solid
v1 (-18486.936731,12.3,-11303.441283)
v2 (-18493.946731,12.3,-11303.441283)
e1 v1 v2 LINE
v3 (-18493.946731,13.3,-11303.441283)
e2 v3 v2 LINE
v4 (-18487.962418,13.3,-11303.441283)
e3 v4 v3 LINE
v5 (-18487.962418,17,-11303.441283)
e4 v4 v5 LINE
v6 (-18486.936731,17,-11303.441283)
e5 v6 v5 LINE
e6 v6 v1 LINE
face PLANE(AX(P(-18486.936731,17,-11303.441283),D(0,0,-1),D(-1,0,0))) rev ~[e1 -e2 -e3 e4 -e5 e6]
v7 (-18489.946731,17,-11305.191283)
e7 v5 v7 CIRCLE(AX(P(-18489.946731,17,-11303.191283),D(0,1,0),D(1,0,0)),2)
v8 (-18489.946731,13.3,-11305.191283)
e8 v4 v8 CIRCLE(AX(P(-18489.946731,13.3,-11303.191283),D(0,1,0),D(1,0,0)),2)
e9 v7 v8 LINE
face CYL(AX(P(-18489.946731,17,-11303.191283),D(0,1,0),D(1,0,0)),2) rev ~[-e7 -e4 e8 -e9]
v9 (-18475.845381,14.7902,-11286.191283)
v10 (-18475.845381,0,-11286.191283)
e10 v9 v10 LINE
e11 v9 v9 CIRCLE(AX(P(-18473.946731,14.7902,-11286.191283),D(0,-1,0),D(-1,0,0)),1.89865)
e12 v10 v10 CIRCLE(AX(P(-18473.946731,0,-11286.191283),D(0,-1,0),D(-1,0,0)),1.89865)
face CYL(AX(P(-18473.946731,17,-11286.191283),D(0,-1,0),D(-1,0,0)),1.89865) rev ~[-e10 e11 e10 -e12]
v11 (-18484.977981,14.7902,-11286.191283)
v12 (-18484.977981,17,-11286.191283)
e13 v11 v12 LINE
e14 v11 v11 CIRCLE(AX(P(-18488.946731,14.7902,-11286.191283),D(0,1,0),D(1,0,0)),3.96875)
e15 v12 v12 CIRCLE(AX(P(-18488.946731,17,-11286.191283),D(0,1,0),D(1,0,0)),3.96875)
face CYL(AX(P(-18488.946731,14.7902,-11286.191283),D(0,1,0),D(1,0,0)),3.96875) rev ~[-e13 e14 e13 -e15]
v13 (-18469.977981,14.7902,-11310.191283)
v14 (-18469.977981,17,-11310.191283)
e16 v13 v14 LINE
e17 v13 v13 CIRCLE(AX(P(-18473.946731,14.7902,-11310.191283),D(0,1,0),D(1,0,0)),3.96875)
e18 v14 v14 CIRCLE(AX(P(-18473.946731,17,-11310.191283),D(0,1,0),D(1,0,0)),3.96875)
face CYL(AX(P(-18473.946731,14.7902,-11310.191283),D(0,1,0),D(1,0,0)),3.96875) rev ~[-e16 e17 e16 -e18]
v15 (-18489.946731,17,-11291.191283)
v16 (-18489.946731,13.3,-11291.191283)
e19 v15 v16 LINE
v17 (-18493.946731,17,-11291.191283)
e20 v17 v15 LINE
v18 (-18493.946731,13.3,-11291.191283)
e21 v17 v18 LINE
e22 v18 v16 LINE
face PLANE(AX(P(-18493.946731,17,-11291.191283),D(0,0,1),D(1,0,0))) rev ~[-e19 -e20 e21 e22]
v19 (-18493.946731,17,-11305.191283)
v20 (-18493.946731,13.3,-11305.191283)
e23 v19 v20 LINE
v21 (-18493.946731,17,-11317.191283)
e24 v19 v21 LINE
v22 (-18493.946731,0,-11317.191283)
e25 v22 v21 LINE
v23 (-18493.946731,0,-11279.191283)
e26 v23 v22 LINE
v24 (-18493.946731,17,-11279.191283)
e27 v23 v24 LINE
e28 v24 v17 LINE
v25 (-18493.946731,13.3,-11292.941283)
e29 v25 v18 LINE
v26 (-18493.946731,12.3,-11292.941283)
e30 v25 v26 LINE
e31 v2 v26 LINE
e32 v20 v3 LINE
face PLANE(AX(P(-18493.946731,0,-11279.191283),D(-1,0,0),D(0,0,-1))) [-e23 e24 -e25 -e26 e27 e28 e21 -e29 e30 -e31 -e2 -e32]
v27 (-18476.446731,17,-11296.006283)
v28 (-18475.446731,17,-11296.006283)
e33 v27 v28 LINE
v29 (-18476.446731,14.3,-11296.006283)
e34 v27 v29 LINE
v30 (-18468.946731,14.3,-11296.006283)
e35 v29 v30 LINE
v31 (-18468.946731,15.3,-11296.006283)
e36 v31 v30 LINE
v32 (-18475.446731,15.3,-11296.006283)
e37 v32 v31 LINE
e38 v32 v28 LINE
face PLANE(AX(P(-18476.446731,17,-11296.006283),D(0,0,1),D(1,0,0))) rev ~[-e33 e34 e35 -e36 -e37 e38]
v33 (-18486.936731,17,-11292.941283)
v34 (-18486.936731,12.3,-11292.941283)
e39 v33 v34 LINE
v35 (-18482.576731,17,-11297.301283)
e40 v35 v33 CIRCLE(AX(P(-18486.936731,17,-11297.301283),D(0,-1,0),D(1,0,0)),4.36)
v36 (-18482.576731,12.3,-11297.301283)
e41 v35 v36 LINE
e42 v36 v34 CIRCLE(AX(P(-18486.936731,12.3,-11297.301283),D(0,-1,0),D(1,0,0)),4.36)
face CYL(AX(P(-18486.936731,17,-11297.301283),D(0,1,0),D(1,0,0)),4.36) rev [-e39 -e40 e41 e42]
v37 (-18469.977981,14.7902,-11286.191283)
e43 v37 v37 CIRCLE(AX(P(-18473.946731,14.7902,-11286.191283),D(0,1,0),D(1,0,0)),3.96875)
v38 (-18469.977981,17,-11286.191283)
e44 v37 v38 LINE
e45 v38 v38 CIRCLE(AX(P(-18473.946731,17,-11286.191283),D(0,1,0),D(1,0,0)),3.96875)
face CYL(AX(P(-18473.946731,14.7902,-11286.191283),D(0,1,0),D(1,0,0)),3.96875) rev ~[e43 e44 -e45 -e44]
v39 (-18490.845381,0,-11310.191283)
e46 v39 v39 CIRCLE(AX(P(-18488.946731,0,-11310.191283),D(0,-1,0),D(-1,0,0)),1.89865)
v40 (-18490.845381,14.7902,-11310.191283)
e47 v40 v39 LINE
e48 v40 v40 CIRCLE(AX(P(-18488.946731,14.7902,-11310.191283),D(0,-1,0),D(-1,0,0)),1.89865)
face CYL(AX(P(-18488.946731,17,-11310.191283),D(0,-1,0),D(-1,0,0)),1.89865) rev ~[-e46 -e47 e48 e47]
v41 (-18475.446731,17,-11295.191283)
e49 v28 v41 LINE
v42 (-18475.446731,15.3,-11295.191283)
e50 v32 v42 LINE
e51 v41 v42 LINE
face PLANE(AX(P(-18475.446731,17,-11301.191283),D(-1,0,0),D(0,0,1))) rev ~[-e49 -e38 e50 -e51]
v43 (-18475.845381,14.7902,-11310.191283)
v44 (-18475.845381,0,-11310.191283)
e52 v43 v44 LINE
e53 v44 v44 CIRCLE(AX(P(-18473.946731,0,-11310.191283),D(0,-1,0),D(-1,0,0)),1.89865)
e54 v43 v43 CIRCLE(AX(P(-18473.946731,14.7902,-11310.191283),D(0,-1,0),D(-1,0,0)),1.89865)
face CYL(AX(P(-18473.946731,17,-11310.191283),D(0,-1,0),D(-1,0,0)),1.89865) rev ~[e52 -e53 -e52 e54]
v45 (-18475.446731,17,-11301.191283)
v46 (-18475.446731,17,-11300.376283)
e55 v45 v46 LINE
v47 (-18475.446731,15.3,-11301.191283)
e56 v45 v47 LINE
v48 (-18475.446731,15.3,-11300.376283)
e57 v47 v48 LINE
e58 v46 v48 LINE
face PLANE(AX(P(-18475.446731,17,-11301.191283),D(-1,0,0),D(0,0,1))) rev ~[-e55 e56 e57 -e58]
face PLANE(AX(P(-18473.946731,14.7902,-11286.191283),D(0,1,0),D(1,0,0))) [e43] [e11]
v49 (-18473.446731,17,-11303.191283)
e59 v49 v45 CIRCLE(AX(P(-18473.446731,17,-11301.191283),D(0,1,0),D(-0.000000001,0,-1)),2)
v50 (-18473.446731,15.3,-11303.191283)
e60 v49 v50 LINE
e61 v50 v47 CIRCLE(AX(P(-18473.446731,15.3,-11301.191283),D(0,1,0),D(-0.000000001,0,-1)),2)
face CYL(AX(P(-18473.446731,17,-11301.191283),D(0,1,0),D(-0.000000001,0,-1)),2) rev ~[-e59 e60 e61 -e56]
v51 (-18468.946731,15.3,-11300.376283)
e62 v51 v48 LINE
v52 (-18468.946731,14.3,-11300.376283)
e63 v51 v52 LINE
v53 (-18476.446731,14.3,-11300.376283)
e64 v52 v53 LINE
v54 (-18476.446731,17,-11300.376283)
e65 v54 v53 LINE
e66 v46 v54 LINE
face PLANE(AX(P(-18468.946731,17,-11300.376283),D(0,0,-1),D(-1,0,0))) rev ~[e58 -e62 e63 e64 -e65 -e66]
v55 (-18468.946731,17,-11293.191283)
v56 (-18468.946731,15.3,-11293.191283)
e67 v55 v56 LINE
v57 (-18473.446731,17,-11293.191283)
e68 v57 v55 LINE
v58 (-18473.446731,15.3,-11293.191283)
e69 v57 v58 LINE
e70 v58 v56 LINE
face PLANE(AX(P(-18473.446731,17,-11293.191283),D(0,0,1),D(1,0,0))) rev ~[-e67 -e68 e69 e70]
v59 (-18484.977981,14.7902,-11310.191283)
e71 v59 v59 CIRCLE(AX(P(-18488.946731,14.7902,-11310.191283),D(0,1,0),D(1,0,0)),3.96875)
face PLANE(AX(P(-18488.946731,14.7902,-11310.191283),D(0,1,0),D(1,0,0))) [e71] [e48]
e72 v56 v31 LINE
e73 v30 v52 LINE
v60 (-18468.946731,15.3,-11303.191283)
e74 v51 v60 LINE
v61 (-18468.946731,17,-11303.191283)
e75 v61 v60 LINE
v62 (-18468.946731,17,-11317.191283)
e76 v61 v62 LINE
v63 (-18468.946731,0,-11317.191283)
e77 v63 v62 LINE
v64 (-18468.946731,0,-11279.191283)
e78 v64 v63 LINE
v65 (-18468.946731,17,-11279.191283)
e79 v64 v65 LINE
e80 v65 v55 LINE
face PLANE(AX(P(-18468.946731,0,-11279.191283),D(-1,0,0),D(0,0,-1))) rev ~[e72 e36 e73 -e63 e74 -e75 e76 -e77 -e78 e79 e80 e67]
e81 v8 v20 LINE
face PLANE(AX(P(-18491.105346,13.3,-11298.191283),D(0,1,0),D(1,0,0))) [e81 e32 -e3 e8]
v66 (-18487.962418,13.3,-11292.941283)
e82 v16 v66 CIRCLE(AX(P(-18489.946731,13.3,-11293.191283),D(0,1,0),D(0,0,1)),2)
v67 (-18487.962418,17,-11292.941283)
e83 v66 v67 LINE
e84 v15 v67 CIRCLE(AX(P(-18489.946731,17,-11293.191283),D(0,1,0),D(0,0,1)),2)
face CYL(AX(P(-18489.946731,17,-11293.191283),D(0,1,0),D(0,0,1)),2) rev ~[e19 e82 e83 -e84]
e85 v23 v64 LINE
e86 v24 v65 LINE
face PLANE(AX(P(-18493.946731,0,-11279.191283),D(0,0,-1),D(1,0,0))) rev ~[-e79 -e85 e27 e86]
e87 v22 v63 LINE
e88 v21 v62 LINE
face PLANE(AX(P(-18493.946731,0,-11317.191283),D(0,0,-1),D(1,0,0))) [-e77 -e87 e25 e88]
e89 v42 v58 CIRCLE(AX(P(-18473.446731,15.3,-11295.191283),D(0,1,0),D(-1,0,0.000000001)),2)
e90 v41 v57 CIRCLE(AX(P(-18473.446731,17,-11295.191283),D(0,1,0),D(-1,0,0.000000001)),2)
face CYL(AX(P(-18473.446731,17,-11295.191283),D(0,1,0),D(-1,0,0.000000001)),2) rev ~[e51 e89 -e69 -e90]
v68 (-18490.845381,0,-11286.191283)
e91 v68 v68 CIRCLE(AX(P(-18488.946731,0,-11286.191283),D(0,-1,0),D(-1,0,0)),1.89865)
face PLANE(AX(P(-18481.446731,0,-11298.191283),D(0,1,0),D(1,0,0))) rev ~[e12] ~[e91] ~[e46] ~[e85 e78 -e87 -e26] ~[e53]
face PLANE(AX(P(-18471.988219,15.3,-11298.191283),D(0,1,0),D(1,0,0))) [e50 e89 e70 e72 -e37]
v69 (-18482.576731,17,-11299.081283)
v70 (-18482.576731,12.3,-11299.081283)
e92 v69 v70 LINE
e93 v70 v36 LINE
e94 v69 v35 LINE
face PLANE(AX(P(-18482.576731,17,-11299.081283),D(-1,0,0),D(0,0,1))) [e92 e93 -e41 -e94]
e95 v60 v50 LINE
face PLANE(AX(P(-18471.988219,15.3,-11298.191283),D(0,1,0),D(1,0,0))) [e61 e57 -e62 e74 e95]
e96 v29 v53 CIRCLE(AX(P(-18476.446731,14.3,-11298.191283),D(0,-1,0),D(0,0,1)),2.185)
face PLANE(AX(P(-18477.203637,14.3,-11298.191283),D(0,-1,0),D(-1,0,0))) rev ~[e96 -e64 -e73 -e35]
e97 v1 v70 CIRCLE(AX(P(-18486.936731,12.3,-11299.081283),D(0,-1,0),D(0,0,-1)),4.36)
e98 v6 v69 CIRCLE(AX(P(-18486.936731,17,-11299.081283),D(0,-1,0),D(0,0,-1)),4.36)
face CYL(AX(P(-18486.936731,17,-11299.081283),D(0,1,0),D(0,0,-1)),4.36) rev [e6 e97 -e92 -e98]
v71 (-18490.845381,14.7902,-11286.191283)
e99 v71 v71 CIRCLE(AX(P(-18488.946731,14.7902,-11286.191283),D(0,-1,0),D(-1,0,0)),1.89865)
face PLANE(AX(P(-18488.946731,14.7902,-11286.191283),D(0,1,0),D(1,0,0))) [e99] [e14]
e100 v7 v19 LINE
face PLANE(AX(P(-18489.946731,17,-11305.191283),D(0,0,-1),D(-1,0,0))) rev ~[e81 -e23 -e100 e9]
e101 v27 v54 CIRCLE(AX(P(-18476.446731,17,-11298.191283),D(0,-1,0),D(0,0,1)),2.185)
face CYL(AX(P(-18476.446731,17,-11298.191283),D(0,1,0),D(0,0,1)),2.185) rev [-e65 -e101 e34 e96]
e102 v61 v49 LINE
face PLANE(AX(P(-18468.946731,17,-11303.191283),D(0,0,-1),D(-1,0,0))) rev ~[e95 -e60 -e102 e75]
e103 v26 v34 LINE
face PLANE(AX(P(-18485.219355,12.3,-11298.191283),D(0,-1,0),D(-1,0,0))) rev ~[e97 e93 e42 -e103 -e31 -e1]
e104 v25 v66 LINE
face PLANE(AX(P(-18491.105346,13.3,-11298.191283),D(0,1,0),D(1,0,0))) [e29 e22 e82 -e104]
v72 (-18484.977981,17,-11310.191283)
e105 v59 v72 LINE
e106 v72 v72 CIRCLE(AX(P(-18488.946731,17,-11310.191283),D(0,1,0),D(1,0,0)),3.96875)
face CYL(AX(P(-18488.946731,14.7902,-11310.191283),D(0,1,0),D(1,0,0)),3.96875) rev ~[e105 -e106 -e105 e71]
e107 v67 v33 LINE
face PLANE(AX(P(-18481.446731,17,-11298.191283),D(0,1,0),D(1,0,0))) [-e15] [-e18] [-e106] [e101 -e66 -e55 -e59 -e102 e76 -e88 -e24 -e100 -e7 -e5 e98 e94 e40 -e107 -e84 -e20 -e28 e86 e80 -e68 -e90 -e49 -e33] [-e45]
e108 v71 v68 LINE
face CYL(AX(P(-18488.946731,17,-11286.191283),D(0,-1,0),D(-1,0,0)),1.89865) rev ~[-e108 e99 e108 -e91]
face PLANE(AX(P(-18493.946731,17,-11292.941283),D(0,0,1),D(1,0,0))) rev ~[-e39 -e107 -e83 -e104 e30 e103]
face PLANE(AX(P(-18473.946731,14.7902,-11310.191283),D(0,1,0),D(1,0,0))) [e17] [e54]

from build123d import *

# Parameters (mm, degrees)
SKETCH1_W                                           = 25
SKETCH1_H                                           = 38
BOSS_EXTRUDE1_DEPTH                                 = 17
CUT_EXTRUDE3_DEPTH                                  = 3.7
CUT_EXTRUDE4_DEPTH                                  = 1.7
CBORE_FOR_6_BINDING_HEAD_MACHINE_SCREW1_D           = 3.7973
CBORE_FOR_6_BINDING_HEAD_MACHINE_SCREW1_CBORE_D     = 7.9375
CBORE_FOR_6_BINDING_HEAD_MACHINE_SCREW1_CBORE_DEPTH = 2.2098
SKETCH12_W                                          = 1
SKETCH12_H                                          = 4.37
SKETCH12_W_2                                        = 6.5
CUT_EXTRUDE5_DEPTH                                  = 2.7
CUT_EXTRUDE6_DEPTH                                  = 4.7


with BuildPart() as part:
    # Sketch1 → Boss-Extrude1 (new body)
    with BuildSketch(Plane(origin=(0, 0, 0), x_dir=(1, 0, 0), z_dir=(0, 1, 0))):
        with Locations((-18481.446731235, 11298.191283293)):
            Rectangle(SKETCH1_W, SKETCH1_H)
    extrude(amount=BOSS_EXTRUDE1_DEPTH)

    # Sketch2 → Cut-Extrude3 (cut)
    with BuildSketch(Plane(origin=(0, 17, 0), x_dir=(1, 0, 0), z_dir=(0, 1, 0))):
        with BuildLine():
            Line((-18493.946731235, 11291.191283293), (-18489.946731235, 11291.191283293))
            ThreePointArc((-18489.946731235, 11291.191283293), (-18488.532517672, 11291.777069731), (-18487.946731235, 11293.191283293))
            Line((-18487.946731235, 11293.191283293), (-18487.946731235, 11303.191283293))
            ThreePointArc((-18487.946731235, 11303.191283293), (-18488.532517672, 11304.605496855), (-18489.946731235, 11305.191283293))
            Line((-18489.946731235, 11305.191283293), (-18493.946731235, 11305.191283293))
            Line((-18493.946731235, 11305.191283293), (-18493.946731235, 11291.191283293))
        make_face()
    extrude(amount=-CUT_EXTRUDE3_DEPTH, mode=Mode.SUBTRACT)

    # Sketch2<6> → Cut-Extrude4 (cut)
    with BuildSketch(Plane(origin=(0, 17, 0), x_dir=(1, 0, 0), z_dir=(0, 1, 0))):
        with BuildLine():
            Line((-18475.446731235, 11301.191283293), (-18475.446731235, 11295.191283293))
            ThreePointArc((-18475.446731235, 11295.191283293), (-18474.860944797, 11293.777069731), (-18473.446731235, 11293.191283293))
            Line((-18473.446731235, 11293.191283293), (-18468.946731235, 11293.191283293))
            Line((-18468.946731235, 11293.191283293), (-18468.946731235, 11303.191283293))
            Line((-18468.946731235, 11303.191283293), (-18473.446731235, 11303.191283293))
            ThreePointArc((-18473.446731235, 11303.191283293), (-18474.860944797, 11302.605496855), (-18475.446731235, 11301.191283293))
        make_face()
    extrude(amount=-CUT_EXTRUDE4_DEPTH, mode=Mode.SUBTRACT)

    # CBORE for #6 Binding Head Machine Screw1 (through all)
    with Locations(Plane(origin=(0, 17, 0), x_dir=(1, 0, 0), z_dir=(0, 1, 0))):
        with Locations((-18488.946731235, 11310.191283293), (-18473.946731235, 11310.191283293), (-18473.946731235, 11286.191283293), (-18488.946731235, 11286.191283293)):
            CounterBoreHole(CBORE_FOR_6_BINDING_HEAD_MACHINE_SCREW1_D / 2, CBORE_FOR_6_BINDING_HEAD_MACHINE_SCREW1_CBORE_D / 2, CBORE_FOR_6_BINDING_HEAD_MACHINE_SCREW1_CBORE_DEPTH)

    # Sketch12 → Cut-Extrude5 (cut)
    with BuildSketch(Plane(origin=(0, 17, 0), x_dir=(1, 0, 0), z_dir=(0, 1, 0))):
        with BuildLine():
            Line((-18476.446731235, 11300.376283293), (-18476.446731235, 11296.006283293))
            ThreePointArc((-18476.446731235, 11296.006283293), (-18478.631731235, 11298.191283293), (-18476.446731235, 11300.376283293))
        make_face()
        with Locations((-18475.946731235, 11298.191283293)):
            Rectangle(SKETCH12_W, SKETCH12_H)
        with Locations((-18472.196731235, 11298.191283293)):
            Rectangle(SKETCH12_W_2, SKETCH12_H)
    extrude(amount=-CUT_EXTRUDE5_DEPTH, mode=Mode.SUBTRACT)

    # Sketch13 → Cut-Extrude6 (cut)
    with BuildSketch(Plane(origin=(0, 17, 0), x_dir=(1, 0, 0), z_dir=(0, 1, 0))):
        with BuildLine():
            ThreePointArc((-18486.936731235, 11303.441283293), (-18483.853745669, 11302.164268859), (-18482.576731235, 11299.081283293))
            Line((-18482.576731235, 11299.081283293), (-18482.576731235, 11297.301283293))
            ThreePointArc((-18482.576731235, 11297.301283293), (-18483.853745669, 11294.218297727), (-18486.936731235, 11292.941283293))
            Line((-18486.936731235, 11292.941283293), (-18486.946731235, 11292.941283293))
            Line((-18486.946731235, 11292.941283293), (-18486.946731235, 11303.441283293))
            Line((-18486.946731235, 11303.441283293), (-18486.936731235, 11303.441283293))
        make_face()
        with BuildLine():
            ThreePointArc((-18487.946731235, 11303.191283293), (-18487.950656716, 11303.316529118), (-18487.962417752, 11303.441283293))
            Line((-18487.962417752, 11303.441283293), (-18493.946731235, 11303.441283293))
            Line((-18493.946731235, 11303.441283293), (-18493.946731235, 11292.941283293))
            Line((-18493.946731235, 11292.941283293), (-18487.962417752, 11292.941283293))
            ThreePointArc((-18487.962417752, 11292.941283293), (-18487.950656716, 11293.066037468), (-18487.946731235, 11293.191283293))
            Line((-18487.946731235, 11293.191283293), (-18487.946731235, 11303.191283293))
        make_face()
        with BuildLine():
            Line((-18486.946731235, 11292.941283293), (-18486.946731235, 11303.441283293))
            Line((-18486.946731235, 11303.441283293), (-18487.962417752, 11303.441283293))
            ThreePointArc((-18487.962417752, 11303.441283293), (-18487.950656716, 11303.316529118), (-18487.946731235, 11303.191283293))
            Line((-18487.946731235, 11303.191283293), (-18487.946731235, 11293.191283293))
            ThreePointArc((-18487.946731235, 11293.191283293), (-18487.950656716, 11293.066037468), (-18487.962417752, 11292.941283293))
            Line((-18487.962417752, 11292.941283293), (-18486.946731235, 11292.941283293))
        make_face()
    extrude(amount=-CUT_EXTRUDE6_DEPTH, mode=Mode.SUBTRACT)


solid = part.part
